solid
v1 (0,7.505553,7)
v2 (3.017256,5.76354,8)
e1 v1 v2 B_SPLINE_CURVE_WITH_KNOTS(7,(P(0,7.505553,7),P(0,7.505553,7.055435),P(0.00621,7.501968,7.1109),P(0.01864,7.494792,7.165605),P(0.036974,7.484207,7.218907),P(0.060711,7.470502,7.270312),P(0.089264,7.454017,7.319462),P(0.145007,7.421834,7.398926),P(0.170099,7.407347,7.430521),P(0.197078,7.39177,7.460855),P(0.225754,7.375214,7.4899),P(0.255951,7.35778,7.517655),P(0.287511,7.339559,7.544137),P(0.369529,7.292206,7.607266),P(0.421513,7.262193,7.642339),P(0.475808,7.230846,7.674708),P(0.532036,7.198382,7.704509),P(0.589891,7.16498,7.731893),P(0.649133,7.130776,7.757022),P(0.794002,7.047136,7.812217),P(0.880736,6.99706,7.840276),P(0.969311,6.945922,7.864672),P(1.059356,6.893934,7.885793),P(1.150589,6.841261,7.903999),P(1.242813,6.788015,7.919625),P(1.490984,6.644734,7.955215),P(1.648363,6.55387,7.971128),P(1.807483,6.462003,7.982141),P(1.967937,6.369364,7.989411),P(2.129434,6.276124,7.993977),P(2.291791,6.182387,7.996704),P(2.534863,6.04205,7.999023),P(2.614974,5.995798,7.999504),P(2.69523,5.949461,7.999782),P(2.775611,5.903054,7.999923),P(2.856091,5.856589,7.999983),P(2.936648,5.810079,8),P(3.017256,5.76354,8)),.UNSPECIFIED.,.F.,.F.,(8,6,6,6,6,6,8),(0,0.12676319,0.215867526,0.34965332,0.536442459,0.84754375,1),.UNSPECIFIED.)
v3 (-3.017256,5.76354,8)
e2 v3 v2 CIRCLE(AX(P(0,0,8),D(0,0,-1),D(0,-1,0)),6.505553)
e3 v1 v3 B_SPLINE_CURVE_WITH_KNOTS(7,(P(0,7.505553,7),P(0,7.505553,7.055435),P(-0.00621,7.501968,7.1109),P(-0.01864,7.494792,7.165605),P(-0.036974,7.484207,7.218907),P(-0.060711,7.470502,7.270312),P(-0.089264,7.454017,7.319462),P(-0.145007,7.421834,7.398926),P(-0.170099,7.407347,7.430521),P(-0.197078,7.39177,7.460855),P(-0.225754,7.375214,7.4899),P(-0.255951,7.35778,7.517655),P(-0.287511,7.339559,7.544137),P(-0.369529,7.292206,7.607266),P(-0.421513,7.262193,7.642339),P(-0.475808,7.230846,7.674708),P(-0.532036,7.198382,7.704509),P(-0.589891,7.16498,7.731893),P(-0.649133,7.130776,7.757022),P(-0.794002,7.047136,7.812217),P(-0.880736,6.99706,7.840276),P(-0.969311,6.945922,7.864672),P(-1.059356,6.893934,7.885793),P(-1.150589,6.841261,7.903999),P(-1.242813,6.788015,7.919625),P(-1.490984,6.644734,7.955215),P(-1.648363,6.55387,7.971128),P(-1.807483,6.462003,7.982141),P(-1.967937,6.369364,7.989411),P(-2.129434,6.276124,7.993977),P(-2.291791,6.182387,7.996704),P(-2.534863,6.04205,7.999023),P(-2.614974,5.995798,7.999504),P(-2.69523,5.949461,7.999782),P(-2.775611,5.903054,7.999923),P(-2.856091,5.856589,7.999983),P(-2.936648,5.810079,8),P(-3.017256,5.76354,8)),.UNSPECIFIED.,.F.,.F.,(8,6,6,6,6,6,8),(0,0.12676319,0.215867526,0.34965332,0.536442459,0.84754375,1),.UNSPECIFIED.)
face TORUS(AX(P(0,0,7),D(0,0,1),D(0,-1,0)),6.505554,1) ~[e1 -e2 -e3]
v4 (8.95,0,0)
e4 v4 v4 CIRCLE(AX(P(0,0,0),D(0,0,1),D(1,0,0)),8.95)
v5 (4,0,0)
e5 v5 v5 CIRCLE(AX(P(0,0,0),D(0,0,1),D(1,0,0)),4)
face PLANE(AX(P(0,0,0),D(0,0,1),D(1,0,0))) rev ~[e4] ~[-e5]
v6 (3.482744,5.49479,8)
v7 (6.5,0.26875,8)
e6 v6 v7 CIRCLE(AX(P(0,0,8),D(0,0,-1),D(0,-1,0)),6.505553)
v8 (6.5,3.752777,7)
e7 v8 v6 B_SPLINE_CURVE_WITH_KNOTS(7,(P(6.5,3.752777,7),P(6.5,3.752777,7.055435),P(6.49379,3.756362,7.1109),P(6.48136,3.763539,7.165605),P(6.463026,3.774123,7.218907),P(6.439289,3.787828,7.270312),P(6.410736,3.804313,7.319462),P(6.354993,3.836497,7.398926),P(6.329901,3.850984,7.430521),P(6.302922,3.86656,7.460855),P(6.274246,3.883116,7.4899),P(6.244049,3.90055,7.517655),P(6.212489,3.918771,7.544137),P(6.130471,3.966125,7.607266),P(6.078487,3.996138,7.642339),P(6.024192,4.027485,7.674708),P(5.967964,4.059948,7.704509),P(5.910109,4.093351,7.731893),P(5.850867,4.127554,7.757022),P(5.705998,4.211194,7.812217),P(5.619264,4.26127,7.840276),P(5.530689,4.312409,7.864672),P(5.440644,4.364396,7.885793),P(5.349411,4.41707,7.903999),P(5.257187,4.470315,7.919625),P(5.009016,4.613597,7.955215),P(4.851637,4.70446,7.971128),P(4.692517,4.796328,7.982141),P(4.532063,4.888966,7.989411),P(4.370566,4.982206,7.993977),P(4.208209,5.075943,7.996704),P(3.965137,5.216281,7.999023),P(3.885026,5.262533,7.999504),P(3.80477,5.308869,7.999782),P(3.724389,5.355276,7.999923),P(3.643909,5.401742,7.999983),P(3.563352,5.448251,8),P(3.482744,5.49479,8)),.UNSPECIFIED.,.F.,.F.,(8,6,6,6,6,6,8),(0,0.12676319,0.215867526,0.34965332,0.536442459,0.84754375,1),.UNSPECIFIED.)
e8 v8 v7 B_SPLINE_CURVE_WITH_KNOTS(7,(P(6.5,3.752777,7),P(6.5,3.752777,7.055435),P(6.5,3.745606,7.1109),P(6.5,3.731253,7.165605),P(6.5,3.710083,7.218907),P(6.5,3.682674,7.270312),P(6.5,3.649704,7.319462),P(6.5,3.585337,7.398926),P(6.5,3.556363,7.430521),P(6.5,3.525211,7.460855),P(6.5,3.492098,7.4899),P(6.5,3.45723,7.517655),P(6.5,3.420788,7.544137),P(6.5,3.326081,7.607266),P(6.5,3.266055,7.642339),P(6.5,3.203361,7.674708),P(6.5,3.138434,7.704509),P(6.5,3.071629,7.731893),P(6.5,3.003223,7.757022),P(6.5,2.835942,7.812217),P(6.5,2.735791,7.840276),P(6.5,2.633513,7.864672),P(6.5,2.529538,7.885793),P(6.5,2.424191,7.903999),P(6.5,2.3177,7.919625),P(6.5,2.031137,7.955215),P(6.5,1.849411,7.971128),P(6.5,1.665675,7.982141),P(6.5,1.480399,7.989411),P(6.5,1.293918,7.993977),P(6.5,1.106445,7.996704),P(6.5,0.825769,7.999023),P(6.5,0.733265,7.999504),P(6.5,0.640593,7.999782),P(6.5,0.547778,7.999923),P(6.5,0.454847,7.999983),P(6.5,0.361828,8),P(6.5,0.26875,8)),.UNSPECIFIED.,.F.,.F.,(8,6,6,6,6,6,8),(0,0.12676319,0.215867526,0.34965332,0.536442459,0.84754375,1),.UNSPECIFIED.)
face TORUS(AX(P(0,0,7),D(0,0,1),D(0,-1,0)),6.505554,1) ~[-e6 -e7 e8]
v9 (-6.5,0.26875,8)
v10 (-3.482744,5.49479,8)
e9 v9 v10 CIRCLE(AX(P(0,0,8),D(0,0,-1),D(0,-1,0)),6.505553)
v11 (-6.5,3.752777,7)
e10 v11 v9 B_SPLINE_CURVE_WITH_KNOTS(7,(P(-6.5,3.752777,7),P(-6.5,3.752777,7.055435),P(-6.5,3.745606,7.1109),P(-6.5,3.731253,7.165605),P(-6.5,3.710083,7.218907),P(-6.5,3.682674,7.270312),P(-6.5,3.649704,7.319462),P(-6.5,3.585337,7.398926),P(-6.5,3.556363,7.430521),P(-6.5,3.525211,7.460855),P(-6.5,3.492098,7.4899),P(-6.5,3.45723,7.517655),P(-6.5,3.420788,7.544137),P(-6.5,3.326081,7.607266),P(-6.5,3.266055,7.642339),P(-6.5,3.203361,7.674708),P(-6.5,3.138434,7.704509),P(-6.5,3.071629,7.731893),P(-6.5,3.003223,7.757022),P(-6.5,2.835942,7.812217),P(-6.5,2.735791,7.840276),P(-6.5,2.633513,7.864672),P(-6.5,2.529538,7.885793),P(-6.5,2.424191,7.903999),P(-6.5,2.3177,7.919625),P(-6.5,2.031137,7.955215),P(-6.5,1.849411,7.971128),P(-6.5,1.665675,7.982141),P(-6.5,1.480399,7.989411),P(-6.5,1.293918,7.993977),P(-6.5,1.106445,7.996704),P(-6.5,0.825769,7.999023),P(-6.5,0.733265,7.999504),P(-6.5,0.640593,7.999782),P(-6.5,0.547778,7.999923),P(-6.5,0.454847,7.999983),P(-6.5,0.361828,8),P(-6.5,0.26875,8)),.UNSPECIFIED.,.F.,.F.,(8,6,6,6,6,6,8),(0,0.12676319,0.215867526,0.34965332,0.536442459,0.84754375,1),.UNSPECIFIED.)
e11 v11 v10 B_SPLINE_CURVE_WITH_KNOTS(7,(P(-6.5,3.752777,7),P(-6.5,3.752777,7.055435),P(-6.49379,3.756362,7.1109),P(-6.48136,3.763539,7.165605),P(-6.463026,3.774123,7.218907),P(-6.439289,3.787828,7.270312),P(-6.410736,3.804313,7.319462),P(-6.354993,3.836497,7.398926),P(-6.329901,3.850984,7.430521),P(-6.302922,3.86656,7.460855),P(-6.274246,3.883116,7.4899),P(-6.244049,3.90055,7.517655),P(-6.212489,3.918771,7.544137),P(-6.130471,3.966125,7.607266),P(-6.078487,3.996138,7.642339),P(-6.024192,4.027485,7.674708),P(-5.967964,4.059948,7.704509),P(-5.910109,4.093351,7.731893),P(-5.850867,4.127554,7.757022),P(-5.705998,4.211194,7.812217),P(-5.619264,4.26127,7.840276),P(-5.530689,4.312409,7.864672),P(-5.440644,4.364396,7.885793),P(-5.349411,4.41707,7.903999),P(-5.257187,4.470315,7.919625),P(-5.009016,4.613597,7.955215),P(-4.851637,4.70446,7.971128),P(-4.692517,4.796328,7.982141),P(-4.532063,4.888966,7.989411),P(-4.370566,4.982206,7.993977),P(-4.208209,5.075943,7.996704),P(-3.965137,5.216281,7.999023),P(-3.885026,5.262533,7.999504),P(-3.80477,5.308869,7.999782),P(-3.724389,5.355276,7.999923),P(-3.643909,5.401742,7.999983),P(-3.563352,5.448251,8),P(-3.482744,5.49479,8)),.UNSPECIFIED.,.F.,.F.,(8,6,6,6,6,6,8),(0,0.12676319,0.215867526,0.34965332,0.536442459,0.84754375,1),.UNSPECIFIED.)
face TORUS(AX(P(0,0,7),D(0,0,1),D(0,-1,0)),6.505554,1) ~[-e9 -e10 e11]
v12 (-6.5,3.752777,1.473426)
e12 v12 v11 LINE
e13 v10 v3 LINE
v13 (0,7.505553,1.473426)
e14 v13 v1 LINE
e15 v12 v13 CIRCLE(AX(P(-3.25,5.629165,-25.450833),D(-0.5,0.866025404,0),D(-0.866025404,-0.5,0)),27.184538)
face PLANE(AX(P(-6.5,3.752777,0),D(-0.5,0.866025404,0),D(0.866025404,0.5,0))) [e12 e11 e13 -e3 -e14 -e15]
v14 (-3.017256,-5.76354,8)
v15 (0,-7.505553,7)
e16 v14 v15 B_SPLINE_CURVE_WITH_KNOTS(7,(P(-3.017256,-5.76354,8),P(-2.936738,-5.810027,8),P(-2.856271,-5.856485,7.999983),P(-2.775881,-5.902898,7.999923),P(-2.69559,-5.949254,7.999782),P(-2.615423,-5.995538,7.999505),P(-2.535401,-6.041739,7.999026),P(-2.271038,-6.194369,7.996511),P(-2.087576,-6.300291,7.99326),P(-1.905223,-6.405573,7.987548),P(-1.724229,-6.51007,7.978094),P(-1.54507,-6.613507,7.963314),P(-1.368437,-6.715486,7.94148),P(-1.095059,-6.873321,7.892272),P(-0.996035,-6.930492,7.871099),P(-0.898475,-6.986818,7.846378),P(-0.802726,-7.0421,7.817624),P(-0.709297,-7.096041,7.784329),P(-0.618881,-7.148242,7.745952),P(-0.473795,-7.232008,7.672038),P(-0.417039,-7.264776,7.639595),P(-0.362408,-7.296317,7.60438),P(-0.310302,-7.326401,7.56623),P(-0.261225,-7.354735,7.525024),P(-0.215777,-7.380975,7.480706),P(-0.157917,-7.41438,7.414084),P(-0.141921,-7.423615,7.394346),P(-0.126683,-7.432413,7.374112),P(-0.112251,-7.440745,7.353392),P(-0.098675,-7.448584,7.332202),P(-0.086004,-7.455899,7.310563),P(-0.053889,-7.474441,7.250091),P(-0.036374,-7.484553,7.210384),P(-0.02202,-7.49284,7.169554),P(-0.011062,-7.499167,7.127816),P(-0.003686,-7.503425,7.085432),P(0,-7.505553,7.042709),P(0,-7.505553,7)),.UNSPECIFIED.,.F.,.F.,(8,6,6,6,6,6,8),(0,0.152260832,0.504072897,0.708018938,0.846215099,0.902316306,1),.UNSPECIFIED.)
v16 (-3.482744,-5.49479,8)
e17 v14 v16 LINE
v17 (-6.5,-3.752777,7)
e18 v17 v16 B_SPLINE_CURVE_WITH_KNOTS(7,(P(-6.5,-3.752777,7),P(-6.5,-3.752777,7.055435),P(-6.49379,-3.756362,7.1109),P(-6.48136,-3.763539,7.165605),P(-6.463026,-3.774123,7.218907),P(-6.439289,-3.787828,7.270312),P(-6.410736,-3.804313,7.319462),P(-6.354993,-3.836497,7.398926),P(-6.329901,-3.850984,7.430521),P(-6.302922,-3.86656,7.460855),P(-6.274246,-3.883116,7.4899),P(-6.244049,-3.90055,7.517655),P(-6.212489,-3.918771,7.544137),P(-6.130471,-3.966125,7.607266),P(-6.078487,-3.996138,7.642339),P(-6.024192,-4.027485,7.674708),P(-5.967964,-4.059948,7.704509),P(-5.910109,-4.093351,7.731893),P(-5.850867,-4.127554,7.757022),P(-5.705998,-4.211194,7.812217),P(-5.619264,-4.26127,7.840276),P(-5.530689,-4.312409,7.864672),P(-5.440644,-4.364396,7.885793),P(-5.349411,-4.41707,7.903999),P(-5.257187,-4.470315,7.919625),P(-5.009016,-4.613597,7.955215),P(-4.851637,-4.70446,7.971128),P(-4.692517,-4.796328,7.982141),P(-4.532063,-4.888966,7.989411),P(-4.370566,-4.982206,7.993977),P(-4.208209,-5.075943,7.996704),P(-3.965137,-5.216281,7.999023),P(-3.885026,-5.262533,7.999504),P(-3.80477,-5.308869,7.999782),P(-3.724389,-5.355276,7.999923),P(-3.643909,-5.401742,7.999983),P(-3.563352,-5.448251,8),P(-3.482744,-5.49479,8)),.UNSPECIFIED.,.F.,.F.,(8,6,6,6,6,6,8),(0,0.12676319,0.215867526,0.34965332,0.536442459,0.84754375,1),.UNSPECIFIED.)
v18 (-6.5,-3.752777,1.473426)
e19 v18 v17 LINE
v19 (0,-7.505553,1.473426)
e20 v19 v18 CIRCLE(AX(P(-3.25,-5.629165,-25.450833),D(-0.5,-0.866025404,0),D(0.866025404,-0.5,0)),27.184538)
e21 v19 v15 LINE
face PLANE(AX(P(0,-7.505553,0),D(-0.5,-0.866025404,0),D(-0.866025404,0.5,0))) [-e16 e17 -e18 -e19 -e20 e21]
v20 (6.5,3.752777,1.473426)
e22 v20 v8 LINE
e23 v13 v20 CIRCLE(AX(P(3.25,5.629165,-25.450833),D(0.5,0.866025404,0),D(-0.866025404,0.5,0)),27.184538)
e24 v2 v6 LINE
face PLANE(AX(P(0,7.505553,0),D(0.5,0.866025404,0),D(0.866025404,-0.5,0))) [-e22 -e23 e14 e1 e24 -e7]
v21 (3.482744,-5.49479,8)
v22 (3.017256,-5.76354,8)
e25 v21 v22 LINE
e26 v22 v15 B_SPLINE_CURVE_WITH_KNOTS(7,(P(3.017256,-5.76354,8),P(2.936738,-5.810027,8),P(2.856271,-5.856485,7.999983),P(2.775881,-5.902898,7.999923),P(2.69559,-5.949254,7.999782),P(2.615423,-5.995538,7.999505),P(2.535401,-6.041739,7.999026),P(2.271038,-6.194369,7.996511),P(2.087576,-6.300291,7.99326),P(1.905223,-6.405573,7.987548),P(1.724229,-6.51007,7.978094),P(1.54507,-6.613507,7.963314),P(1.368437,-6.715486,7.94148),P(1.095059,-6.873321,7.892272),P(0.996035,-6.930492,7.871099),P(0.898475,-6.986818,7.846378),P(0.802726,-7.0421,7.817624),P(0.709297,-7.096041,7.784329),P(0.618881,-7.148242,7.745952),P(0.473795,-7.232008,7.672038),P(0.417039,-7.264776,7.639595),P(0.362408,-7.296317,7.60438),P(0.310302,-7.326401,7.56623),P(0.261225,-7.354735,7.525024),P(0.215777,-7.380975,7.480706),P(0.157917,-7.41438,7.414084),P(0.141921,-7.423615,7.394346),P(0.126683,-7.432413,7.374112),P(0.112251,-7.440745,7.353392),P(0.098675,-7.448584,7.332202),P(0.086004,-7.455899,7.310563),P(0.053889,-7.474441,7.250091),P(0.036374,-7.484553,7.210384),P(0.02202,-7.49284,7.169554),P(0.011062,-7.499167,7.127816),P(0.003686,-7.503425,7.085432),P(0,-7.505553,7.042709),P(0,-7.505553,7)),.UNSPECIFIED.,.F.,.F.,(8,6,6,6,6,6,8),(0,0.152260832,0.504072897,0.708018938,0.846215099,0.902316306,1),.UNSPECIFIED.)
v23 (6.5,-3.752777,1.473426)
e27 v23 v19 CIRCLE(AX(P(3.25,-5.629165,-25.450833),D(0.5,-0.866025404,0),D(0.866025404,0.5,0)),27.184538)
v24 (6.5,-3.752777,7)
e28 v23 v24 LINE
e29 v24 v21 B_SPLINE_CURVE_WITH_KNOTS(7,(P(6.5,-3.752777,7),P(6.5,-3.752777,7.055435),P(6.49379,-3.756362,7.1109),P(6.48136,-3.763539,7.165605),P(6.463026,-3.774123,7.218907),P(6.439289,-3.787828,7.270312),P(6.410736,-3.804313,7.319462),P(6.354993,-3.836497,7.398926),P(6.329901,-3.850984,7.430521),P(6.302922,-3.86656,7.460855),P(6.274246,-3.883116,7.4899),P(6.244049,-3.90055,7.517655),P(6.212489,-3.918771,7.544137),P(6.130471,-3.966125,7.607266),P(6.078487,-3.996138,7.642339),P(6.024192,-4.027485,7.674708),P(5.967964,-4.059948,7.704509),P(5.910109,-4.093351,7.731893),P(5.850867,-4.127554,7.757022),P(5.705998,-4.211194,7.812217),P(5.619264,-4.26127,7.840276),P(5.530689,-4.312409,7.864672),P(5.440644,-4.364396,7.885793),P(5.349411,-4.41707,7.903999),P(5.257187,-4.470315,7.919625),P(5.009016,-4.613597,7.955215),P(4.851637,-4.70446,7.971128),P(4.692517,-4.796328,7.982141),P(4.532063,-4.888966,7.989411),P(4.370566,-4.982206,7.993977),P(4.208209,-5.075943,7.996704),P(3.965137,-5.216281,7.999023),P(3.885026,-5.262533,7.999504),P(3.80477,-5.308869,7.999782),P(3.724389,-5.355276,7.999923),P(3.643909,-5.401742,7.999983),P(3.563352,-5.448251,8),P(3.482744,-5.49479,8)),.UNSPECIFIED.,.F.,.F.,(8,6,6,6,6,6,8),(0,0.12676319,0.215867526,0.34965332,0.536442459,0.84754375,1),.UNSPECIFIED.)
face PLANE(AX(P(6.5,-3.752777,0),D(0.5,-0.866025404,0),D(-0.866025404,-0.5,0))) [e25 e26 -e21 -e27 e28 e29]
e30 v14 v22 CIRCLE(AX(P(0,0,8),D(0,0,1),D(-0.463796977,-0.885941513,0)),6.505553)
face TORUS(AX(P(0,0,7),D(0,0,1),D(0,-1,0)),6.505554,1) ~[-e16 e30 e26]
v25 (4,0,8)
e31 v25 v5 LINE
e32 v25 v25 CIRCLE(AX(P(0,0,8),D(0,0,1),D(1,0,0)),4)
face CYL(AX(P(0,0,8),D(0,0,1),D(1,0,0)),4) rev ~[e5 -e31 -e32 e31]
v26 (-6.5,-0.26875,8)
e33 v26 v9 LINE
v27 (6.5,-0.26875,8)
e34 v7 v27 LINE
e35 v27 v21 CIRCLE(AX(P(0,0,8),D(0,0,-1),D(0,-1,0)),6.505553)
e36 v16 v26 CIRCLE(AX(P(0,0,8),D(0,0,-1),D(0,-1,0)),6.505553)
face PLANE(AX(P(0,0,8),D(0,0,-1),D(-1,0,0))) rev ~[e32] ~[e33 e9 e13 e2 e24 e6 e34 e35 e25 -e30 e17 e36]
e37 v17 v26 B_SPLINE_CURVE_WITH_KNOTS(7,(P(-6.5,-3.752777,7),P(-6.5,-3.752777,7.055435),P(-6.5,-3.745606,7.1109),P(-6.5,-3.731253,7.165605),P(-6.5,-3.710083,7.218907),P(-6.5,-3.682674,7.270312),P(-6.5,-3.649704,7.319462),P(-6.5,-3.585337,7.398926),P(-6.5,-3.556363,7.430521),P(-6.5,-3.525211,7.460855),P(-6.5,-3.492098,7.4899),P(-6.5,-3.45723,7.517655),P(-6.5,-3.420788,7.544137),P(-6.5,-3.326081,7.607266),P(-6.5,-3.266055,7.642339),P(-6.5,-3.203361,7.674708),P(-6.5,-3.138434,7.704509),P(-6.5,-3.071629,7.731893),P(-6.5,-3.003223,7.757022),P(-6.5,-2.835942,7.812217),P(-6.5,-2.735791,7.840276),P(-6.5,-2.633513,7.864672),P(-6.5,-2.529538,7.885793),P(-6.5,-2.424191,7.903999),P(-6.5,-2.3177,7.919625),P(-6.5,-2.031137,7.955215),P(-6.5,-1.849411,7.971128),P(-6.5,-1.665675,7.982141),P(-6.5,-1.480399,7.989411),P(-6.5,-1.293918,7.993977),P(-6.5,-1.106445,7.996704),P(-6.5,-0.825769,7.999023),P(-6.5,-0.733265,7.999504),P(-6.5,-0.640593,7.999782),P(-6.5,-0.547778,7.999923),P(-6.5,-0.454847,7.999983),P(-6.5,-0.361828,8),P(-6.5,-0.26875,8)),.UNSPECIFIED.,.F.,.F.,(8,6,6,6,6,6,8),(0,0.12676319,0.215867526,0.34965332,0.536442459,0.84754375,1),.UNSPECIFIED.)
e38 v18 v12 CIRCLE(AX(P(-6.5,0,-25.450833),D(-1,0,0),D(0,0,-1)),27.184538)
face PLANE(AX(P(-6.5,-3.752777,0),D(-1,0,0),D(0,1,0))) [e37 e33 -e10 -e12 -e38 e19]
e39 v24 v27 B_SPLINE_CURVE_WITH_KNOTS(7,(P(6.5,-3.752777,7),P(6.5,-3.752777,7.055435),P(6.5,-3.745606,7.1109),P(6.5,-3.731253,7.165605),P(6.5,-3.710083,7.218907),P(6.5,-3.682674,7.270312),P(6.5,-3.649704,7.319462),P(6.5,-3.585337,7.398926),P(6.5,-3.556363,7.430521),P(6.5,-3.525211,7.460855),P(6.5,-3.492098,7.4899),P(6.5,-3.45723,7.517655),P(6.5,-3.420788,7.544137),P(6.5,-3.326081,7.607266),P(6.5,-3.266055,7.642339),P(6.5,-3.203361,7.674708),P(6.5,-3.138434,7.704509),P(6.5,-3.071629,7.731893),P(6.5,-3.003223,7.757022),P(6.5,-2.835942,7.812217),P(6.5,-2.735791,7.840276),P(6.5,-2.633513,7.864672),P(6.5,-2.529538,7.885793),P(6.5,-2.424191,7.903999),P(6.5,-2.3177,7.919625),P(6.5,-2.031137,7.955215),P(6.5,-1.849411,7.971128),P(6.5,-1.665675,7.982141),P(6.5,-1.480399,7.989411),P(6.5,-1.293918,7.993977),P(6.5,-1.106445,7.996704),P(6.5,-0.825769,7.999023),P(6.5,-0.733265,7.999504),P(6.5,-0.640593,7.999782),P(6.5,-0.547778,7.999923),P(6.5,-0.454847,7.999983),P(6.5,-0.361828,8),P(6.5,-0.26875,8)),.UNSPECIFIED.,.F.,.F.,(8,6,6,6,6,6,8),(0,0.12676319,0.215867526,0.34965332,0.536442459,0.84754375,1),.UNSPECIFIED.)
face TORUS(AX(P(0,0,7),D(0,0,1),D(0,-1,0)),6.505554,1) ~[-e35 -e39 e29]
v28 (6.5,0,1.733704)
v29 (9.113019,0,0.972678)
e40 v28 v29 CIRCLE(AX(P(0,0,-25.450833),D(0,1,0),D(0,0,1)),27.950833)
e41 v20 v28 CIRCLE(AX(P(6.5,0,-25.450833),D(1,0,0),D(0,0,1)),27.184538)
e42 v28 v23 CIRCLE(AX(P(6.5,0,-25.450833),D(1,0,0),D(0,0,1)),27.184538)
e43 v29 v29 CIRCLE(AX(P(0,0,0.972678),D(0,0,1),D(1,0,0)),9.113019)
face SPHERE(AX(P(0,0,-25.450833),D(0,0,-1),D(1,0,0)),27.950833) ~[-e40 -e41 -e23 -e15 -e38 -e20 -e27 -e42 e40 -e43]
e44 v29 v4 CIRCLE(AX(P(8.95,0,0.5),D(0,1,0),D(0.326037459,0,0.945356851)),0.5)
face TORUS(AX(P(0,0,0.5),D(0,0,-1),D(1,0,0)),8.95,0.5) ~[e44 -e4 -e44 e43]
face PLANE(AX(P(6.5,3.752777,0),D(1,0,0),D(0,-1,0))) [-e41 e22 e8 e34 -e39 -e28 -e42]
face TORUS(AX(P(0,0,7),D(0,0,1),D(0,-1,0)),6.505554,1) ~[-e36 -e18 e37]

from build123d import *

# Parameters (mm, degrees)
HEAD_DEPTH         = 8
HOLE_SKETCH_R      = 4
THROUGH_HOLE_DEPTH = 9


with BuildPart() as part:
    # Head Sketch → Head (new body)
    with BuildSketch(Plane.XY):
        Polygon((0, 7.505553499), (6.5, 3.75277675), (6.5, -3.75277675), (0, -7.505553499), (-6.5, -3.75277675), (-6.5, 3.75277675), align=None)
    extrude(amount=HEAD_DEPTH)

    # Flange Sketch → Flange (revolve)
    with BuildSketch(Plane(origin=(0, 0, 0), x_dir=(-1, 0, 0), z_dir=(0, 1, 0))):
        with BuildLine():
            Line((-8.95, 0), (0, 0))
            Line((0, 0), (0, 2.5))
            ThreePointArc((0, 2.5), (-4.620060107, 2.115525306), (-9.11301873, 0.972678425))
            ThreePointArc((-9.11301873, 0.972678425), (-9.443122304, 0.417353804), (-8.95, 0))
        make_face()
    revolve(axis=Axis((0, 0, 1.843425858), (0, 0, 1)))

    # Sketch5 → Head Trim (revolve, cut)
    with BuildSketch(Plane(origin=(0, 0, 0), x_dir=(0, 0, -1), z_dir=(1, 0, 0))):
        with BuildLine():
            Line((-8, -6.505553499), (-8, -7.505553499))
            Line((-8, -7.505553499), (-7, -7.505553499))
            ThreePointArc((-7, -7.505553499), (-7.707106781, -7.212660281), (-8, -6.505553499))
        make_face()
    revolve(axis=Axis((0, 0, 15.085599173), (0, 0, -1)), mode=Mode.SUBTRACT)

    # Hole Sketch → Through Hole (cut, through all)
    with BuildSketch(Plane.XY.offset(8)):
        Circle(HOLE_SKETCH_R)
    extrude(amount=-THROUGH_HOLE_DEPTH, mode=Mode.SUBTRACT)


solid = part.part
